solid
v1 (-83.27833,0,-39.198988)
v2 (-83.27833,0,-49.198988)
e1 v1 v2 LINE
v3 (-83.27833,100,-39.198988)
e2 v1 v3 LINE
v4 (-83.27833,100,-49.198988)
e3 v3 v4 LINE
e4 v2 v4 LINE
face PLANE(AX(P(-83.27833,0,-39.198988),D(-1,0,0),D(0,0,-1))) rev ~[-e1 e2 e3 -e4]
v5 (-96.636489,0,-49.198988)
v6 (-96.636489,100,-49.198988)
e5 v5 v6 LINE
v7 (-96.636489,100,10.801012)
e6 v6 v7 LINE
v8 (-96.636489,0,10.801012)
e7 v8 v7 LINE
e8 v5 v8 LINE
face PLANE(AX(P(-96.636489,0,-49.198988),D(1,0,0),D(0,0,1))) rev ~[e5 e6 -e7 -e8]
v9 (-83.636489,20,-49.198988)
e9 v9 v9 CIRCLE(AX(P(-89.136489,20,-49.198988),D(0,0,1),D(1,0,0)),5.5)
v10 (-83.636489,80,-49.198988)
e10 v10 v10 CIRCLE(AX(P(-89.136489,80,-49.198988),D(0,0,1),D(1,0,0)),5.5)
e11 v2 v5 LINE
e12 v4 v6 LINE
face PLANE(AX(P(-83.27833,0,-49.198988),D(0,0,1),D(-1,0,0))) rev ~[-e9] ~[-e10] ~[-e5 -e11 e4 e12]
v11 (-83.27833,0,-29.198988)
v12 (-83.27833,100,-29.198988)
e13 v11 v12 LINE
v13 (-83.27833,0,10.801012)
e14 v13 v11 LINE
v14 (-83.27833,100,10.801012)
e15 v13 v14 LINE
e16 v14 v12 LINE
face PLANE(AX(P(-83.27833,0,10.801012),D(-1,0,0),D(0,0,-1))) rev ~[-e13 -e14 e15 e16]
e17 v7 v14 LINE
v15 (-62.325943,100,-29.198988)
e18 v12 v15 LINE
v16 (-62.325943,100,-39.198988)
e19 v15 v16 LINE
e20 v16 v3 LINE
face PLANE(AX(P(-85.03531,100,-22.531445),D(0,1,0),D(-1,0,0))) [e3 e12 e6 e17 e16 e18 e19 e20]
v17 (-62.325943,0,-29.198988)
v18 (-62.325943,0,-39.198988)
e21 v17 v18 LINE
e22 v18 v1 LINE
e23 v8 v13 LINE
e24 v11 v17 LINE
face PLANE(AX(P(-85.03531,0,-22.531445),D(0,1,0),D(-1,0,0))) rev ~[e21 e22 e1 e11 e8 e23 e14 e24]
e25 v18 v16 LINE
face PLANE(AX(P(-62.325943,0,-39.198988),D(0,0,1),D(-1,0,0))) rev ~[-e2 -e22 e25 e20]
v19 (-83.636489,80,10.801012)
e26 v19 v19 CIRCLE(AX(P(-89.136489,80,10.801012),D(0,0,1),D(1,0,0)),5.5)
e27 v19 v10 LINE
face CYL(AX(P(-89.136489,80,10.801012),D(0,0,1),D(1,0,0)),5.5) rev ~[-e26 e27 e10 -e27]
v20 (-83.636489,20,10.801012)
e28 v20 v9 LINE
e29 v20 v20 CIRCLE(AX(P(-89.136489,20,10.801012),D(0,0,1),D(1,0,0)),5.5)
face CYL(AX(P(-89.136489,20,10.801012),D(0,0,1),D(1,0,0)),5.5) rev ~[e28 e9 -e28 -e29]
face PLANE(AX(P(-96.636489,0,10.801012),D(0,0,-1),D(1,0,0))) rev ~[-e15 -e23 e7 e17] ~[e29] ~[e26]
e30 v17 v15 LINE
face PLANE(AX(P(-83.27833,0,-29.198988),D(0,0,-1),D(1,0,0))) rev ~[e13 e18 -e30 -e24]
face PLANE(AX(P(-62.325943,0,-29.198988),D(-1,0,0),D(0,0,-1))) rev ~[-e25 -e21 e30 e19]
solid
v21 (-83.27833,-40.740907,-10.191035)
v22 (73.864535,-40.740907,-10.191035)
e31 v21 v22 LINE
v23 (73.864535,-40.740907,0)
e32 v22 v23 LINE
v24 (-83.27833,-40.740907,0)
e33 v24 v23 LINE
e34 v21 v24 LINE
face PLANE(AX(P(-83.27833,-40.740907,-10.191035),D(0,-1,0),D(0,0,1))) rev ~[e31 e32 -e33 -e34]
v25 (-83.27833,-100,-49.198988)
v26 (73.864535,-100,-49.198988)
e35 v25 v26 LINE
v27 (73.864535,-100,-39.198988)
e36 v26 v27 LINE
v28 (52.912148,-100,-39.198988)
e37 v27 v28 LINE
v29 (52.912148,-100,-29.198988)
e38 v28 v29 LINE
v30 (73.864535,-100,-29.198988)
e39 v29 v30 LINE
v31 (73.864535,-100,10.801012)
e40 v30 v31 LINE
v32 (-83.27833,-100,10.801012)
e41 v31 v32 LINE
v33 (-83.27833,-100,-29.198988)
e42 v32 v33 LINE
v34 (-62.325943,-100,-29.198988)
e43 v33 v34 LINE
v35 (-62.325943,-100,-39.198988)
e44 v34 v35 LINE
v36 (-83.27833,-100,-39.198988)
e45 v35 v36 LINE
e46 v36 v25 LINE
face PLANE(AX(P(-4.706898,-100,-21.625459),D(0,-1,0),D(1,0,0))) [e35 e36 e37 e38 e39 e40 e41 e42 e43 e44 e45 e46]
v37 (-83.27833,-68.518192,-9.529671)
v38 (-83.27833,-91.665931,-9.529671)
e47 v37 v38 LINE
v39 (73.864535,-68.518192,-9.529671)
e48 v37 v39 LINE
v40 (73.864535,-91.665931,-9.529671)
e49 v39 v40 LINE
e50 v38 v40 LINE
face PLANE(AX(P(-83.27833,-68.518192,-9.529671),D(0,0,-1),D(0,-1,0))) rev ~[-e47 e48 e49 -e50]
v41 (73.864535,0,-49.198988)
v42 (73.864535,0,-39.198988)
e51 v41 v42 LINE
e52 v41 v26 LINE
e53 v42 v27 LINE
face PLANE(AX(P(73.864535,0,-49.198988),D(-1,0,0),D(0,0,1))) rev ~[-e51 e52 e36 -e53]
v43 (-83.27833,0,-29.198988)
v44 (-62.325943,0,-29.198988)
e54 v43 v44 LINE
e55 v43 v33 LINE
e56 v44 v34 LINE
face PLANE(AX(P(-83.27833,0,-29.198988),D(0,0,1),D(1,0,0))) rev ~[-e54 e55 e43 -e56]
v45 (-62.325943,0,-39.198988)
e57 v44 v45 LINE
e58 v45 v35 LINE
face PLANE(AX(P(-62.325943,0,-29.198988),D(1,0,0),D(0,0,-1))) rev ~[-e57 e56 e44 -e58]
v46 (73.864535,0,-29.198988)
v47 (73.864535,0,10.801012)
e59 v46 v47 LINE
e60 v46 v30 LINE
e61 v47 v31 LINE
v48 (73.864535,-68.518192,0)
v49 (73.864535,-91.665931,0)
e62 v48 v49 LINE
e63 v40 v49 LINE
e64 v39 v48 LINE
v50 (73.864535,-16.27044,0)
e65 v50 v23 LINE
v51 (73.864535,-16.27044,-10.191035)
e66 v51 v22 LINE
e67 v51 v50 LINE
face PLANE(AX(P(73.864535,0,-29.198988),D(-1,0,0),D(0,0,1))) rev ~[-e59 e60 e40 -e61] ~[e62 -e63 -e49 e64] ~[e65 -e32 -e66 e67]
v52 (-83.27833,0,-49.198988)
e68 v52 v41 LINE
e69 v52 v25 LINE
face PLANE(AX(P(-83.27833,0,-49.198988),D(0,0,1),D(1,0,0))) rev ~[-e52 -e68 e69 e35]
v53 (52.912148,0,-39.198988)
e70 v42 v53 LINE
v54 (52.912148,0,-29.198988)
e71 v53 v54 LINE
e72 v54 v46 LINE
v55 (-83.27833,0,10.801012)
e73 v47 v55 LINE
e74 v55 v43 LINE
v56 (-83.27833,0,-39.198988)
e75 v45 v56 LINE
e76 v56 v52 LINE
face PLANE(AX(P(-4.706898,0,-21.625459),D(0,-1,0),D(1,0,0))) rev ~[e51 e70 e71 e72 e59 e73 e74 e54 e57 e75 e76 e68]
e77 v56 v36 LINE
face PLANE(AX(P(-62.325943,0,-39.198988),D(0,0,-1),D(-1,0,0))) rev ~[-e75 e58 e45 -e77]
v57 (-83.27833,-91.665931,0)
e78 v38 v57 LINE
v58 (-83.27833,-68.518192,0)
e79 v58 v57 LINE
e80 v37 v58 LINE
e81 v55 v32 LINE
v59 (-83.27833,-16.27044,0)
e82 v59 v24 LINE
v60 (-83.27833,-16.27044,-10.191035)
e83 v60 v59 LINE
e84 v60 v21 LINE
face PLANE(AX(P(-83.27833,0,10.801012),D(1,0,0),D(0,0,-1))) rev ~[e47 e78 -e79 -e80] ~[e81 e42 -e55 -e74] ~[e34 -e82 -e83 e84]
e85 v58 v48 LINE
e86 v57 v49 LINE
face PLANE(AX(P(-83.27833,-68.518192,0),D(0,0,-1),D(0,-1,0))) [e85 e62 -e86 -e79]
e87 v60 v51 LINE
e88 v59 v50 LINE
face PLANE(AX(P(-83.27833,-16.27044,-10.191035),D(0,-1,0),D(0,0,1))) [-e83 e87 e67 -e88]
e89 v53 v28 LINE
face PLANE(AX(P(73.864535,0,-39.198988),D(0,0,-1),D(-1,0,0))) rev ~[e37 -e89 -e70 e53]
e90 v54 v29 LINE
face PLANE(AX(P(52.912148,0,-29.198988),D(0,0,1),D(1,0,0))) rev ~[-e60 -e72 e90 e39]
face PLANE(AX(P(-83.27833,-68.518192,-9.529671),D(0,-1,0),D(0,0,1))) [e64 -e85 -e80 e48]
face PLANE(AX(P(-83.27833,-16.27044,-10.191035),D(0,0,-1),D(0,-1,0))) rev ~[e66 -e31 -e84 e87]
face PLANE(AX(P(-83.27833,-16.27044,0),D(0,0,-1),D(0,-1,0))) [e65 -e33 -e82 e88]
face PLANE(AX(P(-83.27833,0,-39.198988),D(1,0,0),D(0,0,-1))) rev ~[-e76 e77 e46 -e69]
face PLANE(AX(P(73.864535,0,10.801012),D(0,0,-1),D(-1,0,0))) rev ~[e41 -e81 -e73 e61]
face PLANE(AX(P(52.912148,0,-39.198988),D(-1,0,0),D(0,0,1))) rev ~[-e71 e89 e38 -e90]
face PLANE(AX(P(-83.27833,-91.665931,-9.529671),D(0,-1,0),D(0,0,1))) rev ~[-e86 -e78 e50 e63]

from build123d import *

# Parameters (mm, degrees)
F1_DEPTH = 100
F3_DEPTH = 100
F4_W     = 24.470467
F4_H     = 10.191035
F4_W_2   = 23.147739
F4_H_2   = 9.529671
F5_DEPTH = 157.143865
F6_R     = 5.5
F7_DEPTH = 60.001


with BuildPart() as f1:
    # F0 (on Front) → F1 (new body)
    with BuildSketch(Plane.XZ):
        Polygon((73.864535, -29.198988), (73.864535, 10.801012), (-83.27833, 10.801012), (-83.27833, -29.198988), (-62.325943, -29.198988), (-62.325943, -39.198988), (-83.27833, -39.198988), (-83.27833, -49.198988), (73.864535, -49.198988), (73.864535, -39.198988), (52.912148, -39.198988), (52.912148, -29.198988), align=None)
    extrude(amount=F1_DEPTH)

    # F4 (on face) → F5 (cut, through all)
    with BuildSketch(Plane(origin=(-83.27833, 0, 0), x_dir=(0, -1, 0), z_dir=(-1, 0, 0))):
        with Locations((28.505674, -5.095517)):
            Rectangle(F4_W, F4_H)
        with Locations((80.092061, -4.764836)):
            Rectangle(F4_W_2, F4_H_2)
    extrude(amount=-F5_DEPTH, mode=Mode.SUBTRACT)


with BuildPart() as f3:
    # F2 (on face) → F3 (new body)
    with BuildSketch(Plane(origin=(0, 0, 0), x_dir=(-1, 0, 0), z_dir=(0, 1, 0))):
        Polygon((96.636489, 10.801012), (83.27833, 10.801012), (83.27833, -29.198988), (62.325943, -29.198988), (62.325943, -39.198988), (83.27833, -39.198988), (83.27833, -49.198988), (96.636489, -49.198988), align=None)
    extrude(amount=F3_DEPTH)

    # F6 (on face) → F7 (cut, through all)
    with BuildSketch(Plane.XY.offset(10.801012)):
        with Locations((-89.136489, 80)):
            Circle(F6_R)
        with Locations((-89.136489, 20)):
            Circle(F6_R)
    extrude(amount=-F7_DEPTH, mode=Mode.SUBTRACT)


solid = Compound([f1.part, f3.part])
